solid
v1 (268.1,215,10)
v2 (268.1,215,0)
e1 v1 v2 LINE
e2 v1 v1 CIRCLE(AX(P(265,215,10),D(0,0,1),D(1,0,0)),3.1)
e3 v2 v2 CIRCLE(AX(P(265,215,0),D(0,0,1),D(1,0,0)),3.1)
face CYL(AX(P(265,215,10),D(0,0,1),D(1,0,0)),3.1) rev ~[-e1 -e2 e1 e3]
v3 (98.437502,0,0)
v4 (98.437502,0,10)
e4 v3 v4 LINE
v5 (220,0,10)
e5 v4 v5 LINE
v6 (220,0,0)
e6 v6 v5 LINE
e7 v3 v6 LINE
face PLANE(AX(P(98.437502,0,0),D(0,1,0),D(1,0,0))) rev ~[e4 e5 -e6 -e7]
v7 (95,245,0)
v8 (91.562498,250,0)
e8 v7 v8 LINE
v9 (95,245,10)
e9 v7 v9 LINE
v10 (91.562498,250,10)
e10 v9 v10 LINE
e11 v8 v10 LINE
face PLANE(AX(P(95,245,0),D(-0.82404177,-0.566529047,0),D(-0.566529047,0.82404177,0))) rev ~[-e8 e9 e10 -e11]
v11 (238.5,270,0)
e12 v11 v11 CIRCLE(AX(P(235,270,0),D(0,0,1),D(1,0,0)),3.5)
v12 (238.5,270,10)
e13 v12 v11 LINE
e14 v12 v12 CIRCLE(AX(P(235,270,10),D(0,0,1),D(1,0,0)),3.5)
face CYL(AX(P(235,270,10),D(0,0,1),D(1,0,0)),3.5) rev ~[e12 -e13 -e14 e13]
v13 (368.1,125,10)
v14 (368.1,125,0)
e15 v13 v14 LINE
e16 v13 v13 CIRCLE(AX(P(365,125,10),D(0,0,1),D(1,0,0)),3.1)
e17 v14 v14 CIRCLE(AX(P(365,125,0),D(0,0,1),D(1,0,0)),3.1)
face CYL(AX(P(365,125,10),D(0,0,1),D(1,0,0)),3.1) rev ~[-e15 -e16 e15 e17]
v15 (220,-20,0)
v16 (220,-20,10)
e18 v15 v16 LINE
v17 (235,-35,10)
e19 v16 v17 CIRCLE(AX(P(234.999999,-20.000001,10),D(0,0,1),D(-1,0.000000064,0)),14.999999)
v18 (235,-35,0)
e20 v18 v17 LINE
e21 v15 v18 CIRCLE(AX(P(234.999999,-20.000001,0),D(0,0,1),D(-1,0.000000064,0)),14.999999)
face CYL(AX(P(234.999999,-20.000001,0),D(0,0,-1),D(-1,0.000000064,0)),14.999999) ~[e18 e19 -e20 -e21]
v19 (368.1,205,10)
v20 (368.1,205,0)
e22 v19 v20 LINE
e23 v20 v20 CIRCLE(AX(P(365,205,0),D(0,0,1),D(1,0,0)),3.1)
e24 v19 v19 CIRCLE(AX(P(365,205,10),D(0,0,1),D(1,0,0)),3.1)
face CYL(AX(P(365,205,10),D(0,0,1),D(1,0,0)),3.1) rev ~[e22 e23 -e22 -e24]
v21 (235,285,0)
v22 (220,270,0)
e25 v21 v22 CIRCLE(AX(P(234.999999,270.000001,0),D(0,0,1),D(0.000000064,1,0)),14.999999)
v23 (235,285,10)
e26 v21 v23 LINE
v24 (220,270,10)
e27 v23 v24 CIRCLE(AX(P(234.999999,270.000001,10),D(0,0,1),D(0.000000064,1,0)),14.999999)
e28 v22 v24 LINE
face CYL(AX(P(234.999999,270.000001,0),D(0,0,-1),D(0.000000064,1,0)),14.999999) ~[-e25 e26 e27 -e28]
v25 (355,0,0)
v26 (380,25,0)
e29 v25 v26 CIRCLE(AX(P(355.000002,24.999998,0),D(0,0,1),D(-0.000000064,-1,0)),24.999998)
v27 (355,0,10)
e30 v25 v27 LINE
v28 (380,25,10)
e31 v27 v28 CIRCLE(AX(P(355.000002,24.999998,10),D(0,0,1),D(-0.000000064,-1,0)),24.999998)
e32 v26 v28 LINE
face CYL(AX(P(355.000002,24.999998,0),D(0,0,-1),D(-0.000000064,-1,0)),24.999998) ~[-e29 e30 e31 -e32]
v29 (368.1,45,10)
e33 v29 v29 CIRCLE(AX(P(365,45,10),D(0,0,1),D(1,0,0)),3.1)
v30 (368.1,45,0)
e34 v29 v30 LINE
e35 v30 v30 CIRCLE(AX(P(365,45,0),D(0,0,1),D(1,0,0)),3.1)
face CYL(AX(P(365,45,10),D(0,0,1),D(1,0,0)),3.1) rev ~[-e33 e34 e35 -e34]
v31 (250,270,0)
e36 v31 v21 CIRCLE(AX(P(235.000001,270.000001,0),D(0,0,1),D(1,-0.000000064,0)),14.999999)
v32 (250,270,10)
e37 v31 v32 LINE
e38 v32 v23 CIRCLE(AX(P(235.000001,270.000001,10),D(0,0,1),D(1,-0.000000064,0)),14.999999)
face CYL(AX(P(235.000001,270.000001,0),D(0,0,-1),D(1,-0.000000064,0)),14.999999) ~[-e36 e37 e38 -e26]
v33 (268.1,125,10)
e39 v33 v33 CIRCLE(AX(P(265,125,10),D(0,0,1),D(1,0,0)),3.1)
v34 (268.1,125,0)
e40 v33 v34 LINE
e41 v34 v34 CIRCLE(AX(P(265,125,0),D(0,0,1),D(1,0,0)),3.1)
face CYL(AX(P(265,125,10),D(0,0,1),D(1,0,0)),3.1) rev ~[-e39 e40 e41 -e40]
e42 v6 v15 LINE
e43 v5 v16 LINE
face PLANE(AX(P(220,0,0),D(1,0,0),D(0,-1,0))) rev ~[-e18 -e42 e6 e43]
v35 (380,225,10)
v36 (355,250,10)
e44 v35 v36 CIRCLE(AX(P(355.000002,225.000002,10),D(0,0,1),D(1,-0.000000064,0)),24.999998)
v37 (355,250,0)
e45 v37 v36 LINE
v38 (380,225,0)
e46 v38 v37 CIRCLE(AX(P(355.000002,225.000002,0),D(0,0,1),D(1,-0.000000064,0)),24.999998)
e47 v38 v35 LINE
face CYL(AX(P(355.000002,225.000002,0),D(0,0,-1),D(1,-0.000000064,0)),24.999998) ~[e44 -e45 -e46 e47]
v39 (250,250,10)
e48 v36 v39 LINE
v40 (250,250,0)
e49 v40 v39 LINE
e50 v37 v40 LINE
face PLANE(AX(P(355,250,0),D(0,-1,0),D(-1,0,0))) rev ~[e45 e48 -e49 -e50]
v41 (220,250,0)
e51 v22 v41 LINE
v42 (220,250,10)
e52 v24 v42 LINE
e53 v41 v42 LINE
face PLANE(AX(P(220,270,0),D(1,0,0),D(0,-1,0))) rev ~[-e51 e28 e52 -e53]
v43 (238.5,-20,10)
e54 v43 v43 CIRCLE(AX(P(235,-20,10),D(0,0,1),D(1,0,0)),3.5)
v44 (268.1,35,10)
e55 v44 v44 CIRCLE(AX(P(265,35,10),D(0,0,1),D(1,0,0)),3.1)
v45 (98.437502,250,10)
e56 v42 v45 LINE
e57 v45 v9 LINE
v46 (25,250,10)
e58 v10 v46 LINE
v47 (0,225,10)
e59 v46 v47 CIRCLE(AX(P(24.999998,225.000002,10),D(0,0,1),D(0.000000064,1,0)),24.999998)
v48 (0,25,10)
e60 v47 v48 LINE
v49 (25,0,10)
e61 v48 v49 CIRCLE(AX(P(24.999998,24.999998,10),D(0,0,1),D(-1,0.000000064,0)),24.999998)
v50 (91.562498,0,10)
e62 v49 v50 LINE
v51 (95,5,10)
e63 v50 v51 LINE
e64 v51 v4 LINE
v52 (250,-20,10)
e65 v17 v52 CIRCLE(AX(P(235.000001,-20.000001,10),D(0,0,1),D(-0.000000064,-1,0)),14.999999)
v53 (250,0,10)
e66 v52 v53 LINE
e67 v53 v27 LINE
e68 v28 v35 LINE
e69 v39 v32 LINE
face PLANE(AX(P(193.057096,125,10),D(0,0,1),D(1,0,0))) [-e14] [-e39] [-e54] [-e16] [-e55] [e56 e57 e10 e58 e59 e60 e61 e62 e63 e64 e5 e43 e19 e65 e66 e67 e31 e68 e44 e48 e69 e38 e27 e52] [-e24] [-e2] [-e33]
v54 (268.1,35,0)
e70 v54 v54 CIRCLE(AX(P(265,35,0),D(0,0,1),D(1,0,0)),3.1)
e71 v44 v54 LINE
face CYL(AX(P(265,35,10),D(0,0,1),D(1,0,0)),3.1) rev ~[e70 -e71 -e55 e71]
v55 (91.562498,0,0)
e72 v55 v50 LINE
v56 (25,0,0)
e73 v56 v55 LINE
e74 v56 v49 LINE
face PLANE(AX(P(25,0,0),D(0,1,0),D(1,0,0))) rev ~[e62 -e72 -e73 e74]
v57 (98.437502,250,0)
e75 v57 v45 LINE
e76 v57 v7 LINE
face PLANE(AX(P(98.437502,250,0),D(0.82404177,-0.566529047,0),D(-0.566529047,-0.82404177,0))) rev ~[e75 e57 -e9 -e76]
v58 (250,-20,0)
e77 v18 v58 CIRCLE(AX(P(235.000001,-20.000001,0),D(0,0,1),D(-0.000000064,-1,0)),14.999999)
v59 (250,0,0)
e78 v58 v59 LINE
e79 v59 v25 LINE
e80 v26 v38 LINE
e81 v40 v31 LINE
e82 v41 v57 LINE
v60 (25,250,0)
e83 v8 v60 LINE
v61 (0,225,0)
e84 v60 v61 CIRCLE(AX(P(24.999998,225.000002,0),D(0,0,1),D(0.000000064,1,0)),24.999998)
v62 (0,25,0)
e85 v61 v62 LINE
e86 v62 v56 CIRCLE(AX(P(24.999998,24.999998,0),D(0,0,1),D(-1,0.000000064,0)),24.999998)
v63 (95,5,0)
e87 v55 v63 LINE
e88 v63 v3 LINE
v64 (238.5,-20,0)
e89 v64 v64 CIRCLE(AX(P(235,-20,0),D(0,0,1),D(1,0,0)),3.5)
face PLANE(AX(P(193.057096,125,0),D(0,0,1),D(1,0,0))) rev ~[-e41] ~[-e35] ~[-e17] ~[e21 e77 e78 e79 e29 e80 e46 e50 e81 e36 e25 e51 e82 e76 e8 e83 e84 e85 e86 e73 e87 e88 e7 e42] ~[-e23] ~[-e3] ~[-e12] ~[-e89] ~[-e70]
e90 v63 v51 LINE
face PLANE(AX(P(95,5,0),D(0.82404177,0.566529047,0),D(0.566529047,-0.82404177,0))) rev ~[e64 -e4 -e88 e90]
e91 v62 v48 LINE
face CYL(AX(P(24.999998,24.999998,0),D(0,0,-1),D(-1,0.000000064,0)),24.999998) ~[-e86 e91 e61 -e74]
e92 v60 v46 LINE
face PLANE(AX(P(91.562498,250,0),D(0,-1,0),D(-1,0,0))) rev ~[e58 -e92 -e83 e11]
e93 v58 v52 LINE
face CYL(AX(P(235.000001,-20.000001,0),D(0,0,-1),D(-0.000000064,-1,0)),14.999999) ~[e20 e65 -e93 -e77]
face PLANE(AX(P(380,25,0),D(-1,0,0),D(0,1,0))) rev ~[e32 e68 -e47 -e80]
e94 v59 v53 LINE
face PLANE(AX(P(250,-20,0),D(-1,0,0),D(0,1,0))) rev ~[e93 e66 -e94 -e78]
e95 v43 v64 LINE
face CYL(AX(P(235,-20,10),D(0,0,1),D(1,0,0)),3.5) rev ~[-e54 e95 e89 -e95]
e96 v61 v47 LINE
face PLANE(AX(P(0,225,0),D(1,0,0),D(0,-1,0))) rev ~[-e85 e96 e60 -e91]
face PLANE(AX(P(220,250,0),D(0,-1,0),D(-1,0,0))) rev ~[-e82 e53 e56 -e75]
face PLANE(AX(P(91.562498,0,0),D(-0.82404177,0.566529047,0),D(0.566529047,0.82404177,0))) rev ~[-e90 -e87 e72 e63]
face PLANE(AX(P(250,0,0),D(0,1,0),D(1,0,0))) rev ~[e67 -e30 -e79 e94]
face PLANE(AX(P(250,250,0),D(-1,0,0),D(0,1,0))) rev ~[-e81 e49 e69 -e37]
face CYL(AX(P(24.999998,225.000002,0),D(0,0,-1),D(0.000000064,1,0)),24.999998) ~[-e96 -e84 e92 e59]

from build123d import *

# Parameters (mm, degrees)
F1_DEPTH = 10
F2_R     = 3.5
F3_DEPTH = 25
F4_R     = 3.1
F5_DEPTH = 25


with BuildPart() as f1:
    # F0 (on Top) → F1 (new body)
    with BuildSketch(Plane.XY):
        with BuildLine():
            ThreePointArc((0, 25), (7.32233, 7.32233), (25, 0))
            Line((25, 0), (91.562498, 0))
            Line((91.562498, 0), (95, 5))
            Line((95, 5), (98.437502, 0))
            Line((98.437502, 0), (220, 0))
            Line((220, 0), (220, -20))
            ThreePointArc((220, -20), (224.393398, -30.606602), (235, -35))
            ThreePointArc((235, -35), (245.606602, -30.606602), (250, -20))
            Line((250, -20), (250, 0))
            Line((250, 0), (355, 0))
            ThreePointArc((355, 0), (372.67767, 7.32233), (380, 25))
            Line((380, 25), (380, 225))
            ThreePointArc((380, 225), (372.67767, 242.67767), (355, 250))
            Line((355, 250), (250, 250))
            Line((250, 250), (250, 270))
            ThreePointArc((250, 270), (245.606602, 280.606602), (235, 285))
            ThreePointArc((235, 285), (224.393398, 280.606602), (220, 270))
            Line((220, 270), (220, 250))
            Line((220, 250), (98.437502, 250))
            Line((98.437502, 250), (95, 245))
            Line((95, 245), (91.562498, 250))
            Line((91.562498, 250), (25, 250))
            ThreePointArc((25, 250), (7.32233, 242.67767), (0, 225))
            Line((0, 225), (0, 25))
        make_face()
    extrude(amount=F1_DEPTH)

    # F2 (on face) → F3 (cut)
    with BuildSketch(Plane.XY.offset(10)):
        with Locations((235, -20)):
            Circle(F2_R)
        with Locations((235, 270)):
            Circle(F2_R)
    extrude(amount=-F3_DEPTH, mode=Mode.SUBTRACT)

    # F4 (on face) → F5 (cut)
    with BuildSketch(Plane.XY.offset(10)):
        with Locations((265, 215)):
            Circle(F4_R)
        with Locations((265, 125)):
            Circle(F4_R)
        with Locations((265, 35)):
            Circle(F4_R)
        with Locations((365, 45)):
            Circle(F4_R)
        with Locations((365, 125)):
            Circle(F4_R)
        with Locations((365, 205)):
            Circle(F4_R)
    extrude(amount=-F5_DEPTH, mode=Mode.SUBTRACT)


solid = f1.part
